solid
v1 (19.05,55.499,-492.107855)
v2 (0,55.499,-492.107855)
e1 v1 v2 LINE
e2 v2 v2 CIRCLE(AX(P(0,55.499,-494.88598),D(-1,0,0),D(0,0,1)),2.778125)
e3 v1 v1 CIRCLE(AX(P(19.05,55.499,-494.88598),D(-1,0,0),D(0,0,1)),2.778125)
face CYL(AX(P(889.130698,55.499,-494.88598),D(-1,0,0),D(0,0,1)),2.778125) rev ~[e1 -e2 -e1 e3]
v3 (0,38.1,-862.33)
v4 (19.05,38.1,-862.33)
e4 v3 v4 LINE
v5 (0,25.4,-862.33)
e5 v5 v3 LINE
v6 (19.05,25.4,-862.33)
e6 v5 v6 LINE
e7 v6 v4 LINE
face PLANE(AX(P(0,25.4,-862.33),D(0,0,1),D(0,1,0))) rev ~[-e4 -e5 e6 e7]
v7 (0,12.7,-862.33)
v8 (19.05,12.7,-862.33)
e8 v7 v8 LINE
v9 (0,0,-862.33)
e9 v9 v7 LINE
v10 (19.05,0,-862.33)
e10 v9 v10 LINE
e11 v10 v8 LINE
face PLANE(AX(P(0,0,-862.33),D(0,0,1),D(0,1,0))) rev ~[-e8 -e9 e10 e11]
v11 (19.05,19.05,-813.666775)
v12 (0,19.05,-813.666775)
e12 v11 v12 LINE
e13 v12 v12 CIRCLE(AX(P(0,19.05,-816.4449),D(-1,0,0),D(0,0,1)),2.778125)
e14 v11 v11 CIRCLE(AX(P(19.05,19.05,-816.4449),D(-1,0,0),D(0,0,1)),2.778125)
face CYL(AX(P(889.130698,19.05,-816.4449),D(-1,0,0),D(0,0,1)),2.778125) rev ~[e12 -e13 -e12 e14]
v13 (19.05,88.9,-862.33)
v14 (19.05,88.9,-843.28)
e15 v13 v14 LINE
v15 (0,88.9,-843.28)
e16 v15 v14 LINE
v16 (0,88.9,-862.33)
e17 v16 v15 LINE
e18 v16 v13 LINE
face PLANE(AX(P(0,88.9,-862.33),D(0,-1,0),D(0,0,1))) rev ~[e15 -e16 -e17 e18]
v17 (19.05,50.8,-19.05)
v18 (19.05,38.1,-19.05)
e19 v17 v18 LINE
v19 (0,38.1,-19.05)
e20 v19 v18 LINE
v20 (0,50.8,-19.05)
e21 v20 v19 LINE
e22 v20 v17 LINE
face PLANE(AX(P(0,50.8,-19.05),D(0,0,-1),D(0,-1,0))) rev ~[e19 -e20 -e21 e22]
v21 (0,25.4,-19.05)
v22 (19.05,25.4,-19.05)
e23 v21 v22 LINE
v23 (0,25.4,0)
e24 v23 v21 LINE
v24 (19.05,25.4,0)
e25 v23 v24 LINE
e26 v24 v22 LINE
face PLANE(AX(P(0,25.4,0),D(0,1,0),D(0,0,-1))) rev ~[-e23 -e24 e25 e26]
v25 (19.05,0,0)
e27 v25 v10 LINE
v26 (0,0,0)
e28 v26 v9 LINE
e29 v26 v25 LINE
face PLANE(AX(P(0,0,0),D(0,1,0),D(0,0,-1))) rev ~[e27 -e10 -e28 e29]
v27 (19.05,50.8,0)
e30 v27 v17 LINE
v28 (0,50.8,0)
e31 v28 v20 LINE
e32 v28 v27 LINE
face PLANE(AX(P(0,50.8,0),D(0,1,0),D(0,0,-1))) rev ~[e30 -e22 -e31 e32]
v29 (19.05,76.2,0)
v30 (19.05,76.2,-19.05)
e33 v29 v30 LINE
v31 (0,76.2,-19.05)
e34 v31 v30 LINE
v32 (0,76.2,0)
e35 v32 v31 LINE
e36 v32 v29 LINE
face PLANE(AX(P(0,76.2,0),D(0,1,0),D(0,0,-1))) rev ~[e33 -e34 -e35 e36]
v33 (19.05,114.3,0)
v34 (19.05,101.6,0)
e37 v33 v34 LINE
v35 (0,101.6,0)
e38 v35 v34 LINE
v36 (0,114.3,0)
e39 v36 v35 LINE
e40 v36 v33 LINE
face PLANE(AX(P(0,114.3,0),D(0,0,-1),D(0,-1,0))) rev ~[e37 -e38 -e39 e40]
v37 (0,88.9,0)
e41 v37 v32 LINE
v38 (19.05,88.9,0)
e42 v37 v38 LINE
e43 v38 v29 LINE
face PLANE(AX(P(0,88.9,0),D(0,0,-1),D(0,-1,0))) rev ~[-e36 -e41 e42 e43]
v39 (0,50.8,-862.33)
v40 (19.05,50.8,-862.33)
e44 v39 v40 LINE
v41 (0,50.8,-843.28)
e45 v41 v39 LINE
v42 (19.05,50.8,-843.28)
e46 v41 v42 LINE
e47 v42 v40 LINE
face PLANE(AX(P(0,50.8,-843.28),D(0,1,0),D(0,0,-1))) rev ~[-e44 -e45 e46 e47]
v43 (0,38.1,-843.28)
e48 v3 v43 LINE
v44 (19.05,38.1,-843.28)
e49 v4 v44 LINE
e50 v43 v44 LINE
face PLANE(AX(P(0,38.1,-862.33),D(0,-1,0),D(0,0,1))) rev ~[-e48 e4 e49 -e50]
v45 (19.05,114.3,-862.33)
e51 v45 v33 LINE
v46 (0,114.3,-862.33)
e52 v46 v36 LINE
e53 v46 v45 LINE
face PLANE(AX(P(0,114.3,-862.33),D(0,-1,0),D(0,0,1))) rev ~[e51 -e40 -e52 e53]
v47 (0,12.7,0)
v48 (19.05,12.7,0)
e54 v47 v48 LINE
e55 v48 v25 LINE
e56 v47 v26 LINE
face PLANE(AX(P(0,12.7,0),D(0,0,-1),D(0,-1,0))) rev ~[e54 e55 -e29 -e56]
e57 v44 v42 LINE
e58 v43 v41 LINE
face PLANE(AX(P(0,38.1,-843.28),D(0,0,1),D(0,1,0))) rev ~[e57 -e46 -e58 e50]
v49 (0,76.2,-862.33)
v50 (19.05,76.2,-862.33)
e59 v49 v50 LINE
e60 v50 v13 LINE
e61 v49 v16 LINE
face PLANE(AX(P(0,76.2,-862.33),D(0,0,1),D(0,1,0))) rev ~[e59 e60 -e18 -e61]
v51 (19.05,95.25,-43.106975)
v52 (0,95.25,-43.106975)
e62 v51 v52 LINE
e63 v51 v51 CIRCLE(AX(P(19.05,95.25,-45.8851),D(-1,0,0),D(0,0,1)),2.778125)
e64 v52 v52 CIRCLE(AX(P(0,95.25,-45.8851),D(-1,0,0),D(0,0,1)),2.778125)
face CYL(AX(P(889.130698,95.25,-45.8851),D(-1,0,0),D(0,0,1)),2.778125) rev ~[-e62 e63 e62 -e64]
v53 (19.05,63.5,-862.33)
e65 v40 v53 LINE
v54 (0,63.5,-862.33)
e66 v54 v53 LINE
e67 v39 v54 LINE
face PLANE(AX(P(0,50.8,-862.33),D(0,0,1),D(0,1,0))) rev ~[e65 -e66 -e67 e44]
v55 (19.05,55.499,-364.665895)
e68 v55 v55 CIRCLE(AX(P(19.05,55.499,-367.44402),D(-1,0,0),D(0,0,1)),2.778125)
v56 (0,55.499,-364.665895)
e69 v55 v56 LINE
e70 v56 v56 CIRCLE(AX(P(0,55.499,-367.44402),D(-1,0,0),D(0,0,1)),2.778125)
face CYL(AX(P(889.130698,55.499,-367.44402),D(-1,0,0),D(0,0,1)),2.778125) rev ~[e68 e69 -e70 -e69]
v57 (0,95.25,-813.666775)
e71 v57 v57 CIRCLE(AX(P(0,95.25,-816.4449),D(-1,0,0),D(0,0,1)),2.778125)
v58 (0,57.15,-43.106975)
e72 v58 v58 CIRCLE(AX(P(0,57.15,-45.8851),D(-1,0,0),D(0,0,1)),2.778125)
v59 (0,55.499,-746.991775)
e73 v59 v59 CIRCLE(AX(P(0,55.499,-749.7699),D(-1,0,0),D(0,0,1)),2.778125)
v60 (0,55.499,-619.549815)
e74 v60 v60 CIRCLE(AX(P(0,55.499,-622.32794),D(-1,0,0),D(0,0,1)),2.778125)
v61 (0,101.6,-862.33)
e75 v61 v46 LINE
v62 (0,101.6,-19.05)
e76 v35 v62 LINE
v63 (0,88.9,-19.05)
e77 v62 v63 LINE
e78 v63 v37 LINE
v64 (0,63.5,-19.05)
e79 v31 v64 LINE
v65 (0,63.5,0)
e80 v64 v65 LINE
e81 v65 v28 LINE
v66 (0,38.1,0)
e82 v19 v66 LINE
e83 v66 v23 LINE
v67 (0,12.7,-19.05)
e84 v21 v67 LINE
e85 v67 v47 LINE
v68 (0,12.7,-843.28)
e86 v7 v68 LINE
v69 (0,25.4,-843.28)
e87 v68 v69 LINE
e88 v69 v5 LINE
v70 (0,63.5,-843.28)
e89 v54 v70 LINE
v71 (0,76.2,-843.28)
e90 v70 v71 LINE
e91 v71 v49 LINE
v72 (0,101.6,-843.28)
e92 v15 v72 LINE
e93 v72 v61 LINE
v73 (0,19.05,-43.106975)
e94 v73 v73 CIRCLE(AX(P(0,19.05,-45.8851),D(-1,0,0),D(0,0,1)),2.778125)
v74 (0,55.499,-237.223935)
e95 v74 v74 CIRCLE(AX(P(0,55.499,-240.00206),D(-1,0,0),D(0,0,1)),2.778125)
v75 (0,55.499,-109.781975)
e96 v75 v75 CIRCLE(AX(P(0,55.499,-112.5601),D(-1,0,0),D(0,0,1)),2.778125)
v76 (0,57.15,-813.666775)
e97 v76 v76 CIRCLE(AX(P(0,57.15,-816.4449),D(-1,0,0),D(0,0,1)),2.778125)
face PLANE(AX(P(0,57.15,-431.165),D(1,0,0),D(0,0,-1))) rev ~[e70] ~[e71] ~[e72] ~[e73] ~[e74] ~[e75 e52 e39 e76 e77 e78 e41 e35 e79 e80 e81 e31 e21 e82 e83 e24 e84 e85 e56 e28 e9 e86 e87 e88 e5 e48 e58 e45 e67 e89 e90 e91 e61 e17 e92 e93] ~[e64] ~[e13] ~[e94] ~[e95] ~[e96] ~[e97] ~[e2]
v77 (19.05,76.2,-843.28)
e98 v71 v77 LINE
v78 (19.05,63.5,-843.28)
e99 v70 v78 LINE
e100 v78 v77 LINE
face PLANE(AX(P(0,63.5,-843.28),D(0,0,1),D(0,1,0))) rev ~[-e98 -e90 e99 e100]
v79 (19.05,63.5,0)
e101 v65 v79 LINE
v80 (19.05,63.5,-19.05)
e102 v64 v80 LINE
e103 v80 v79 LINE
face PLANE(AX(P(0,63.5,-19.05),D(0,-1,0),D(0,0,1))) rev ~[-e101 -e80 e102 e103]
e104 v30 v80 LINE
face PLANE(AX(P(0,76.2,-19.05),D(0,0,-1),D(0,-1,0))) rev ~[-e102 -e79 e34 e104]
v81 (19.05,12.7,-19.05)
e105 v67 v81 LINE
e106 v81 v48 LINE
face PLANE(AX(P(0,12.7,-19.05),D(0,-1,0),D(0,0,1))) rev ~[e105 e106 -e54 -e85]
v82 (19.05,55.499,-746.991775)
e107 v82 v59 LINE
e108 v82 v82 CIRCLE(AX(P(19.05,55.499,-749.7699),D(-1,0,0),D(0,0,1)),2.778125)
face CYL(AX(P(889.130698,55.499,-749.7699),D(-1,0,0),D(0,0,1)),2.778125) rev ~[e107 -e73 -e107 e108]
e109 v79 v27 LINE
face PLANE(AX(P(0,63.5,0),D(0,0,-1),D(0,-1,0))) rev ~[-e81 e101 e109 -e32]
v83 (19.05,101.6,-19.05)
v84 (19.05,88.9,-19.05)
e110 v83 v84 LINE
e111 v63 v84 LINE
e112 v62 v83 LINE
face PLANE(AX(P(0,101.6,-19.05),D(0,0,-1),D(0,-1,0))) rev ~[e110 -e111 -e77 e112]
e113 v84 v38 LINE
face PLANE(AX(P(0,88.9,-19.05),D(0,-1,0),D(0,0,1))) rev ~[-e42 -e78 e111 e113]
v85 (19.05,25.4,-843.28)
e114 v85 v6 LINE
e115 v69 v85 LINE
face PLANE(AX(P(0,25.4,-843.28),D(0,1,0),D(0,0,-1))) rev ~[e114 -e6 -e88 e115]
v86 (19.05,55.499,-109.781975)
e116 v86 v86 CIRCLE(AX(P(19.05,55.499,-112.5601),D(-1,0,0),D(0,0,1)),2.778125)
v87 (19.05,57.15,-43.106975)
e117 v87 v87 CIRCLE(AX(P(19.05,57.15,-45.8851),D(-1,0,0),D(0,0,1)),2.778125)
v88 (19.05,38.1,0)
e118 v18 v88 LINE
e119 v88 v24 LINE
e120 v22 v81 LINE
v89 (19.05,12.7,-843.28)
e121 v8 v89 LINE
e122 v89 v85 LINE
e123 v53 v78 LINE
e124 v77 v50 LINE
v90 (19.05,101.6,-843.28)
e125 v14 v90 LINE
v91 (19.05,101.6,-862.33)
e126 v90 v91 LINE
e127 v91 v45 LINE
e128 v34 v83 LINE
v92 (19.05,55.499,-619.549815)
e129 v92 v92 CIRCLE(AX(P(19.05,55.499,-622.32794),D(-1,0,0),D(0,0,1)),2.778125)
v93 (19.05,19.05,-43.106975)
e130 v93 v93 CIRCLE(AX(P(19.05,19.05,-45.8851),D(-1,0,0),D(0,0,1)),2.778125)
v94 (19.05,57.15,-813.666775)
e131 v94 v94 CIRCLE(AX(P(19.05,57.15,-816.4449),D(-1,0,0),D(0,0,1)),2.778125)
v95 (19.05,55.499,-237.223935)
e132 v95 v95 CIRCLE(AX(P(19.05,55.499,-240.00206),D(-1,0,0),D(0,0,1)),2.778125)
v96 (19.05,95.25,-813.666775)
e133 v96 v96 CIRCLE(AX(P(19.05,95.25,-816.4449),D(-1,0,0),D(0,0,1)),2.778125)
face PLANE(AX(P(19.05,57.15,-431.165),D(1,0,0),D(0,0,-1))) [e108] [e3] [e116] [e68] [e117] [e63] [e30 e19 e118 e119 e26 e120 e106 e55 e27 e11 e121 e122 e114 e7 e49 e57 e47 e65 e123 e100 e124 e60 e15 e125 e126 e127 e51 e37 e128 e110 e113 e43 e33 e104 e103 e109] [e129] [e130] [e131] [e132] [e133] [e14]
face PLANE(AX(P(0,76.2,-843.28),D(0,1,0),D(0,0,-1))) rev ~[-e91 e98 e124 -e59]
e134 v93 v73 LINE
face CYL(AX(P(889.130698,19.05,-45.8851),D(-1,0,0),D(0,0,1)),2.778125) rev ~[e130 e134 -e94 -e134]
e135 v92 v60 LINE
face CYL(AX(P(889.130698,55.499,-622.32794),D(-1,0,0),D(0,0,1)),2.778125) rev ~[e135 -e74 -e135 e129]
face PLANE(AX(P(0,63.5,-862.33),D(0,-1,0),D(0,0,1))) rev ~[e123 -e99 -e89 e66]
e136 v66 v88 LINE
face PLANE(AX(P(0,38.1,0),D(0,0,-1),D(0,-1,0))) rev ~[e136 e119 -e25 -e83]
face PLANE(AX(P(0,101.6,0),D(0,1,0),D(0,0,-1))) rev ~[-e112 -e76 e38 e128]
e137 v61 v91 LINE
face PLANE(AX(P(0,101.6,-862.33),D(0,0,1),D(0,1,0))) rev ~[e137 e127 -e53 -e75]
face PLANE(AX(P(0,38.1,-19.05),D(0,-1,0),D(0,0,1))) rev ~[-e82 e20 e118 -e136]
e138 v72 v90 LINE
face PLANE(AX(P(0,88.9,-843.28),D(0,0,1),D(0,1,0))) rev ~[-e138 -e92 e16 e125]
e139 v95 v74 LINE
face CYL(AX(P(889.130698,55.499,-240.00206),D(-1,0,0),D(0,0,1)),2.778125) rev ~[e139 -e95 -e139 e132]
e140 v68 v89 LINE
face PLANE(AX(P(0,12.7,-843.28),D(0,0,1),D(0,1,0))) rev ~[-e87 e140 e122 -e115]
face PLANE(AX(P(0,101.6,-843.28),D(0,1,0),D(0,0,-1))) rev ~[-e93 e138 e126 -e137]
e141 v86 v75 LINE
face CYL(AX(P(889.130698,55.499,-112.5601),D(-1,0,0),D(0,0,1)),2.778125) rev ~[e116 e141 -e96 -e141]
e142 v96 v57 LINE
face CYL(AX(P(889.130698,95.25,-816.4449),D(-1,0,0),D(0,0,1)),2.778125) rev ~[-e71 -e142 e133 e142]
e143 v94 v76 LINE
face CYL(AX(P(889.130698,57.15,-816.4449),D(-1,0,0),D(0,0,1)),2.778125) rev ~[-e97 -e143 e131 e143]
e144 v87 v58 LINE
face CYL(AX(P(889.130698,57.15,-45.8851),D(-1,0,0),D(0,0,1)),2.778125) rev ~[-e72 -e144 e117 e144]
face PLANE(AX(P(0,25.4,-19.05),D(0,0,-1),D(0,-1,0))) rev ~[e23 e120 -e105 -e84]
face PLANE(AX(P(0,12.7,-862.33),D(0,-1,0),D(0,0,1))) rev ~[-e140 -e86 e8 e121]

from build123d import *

# Parameters (mm, degrees)
BOSS_EXTRUDE1_DEPTH             = 19.05
F_7_32_0_21875_DIAMETER_HOLE2_D = 5.55625


with BuildPart() as part:
    # Sketch1 → Boss-Extrude1 (new body)
    with BuildSketch(Plane(origin=(0, 0, 0), x_dir=(0, 0, -1), z_dir=(1, 0, 0))):
        Polygon((0, 0), (862.33, 0), (862.33, 12.7), (843.28, 12.7), (843.28, 25.4), (862.33, 25.4), (862.33, 38.1), (843.28, 38.1), (843.28, 50.8), (862.33, 50.8), (862.33, 63.5), (843.28, 63.5), (843.28, 76.2), (862.33, 76.2), (862.33, 88.9), (843.28, 88.9), (843.28, 101.6), (862.33, 101.6), (862.33, 114.3), (0, 114.3), (0, 101.6), (19.05, 101.6), (19.05, 88.9), (0, 88.9), (0, 76.2), (19.05, 76.2), (19.05, 63.5), (0, 63.5), (0, 50.8), (19.05, 50.8), (19.05, 38.1), (0, 38.1), (0, 25.4), (19.05, 25.4), (19.05, 12.7), (0, 12.7), align=None)
    extrude(amount=BOSS_EXTRUDE1_DEPTH)

    # 7/32 (0.21875) Diameter Hole2 (through all)
    with Locations(Plane(origin=(19.05, 0, 0), x_dir=(0, 0, -1), z_dir=(1, 0, 0))):
        with Locations((816.4449, 57.15), (112.5601, 55.499), (240.00206, 55.499), (367.44402, 55.499), (494.88598, 55.499), (622.32794, 55.499), (749.7699, 55.499), (816.4449, 95.25), (816.4449, 19.05), (45.8851, 95.25), (45.8851, 19.05), (45.8851, 57.15)):
            Hole(F_7_32_0_21875_DIAMETER_HOLE2_D / 2)


solid = part.part
